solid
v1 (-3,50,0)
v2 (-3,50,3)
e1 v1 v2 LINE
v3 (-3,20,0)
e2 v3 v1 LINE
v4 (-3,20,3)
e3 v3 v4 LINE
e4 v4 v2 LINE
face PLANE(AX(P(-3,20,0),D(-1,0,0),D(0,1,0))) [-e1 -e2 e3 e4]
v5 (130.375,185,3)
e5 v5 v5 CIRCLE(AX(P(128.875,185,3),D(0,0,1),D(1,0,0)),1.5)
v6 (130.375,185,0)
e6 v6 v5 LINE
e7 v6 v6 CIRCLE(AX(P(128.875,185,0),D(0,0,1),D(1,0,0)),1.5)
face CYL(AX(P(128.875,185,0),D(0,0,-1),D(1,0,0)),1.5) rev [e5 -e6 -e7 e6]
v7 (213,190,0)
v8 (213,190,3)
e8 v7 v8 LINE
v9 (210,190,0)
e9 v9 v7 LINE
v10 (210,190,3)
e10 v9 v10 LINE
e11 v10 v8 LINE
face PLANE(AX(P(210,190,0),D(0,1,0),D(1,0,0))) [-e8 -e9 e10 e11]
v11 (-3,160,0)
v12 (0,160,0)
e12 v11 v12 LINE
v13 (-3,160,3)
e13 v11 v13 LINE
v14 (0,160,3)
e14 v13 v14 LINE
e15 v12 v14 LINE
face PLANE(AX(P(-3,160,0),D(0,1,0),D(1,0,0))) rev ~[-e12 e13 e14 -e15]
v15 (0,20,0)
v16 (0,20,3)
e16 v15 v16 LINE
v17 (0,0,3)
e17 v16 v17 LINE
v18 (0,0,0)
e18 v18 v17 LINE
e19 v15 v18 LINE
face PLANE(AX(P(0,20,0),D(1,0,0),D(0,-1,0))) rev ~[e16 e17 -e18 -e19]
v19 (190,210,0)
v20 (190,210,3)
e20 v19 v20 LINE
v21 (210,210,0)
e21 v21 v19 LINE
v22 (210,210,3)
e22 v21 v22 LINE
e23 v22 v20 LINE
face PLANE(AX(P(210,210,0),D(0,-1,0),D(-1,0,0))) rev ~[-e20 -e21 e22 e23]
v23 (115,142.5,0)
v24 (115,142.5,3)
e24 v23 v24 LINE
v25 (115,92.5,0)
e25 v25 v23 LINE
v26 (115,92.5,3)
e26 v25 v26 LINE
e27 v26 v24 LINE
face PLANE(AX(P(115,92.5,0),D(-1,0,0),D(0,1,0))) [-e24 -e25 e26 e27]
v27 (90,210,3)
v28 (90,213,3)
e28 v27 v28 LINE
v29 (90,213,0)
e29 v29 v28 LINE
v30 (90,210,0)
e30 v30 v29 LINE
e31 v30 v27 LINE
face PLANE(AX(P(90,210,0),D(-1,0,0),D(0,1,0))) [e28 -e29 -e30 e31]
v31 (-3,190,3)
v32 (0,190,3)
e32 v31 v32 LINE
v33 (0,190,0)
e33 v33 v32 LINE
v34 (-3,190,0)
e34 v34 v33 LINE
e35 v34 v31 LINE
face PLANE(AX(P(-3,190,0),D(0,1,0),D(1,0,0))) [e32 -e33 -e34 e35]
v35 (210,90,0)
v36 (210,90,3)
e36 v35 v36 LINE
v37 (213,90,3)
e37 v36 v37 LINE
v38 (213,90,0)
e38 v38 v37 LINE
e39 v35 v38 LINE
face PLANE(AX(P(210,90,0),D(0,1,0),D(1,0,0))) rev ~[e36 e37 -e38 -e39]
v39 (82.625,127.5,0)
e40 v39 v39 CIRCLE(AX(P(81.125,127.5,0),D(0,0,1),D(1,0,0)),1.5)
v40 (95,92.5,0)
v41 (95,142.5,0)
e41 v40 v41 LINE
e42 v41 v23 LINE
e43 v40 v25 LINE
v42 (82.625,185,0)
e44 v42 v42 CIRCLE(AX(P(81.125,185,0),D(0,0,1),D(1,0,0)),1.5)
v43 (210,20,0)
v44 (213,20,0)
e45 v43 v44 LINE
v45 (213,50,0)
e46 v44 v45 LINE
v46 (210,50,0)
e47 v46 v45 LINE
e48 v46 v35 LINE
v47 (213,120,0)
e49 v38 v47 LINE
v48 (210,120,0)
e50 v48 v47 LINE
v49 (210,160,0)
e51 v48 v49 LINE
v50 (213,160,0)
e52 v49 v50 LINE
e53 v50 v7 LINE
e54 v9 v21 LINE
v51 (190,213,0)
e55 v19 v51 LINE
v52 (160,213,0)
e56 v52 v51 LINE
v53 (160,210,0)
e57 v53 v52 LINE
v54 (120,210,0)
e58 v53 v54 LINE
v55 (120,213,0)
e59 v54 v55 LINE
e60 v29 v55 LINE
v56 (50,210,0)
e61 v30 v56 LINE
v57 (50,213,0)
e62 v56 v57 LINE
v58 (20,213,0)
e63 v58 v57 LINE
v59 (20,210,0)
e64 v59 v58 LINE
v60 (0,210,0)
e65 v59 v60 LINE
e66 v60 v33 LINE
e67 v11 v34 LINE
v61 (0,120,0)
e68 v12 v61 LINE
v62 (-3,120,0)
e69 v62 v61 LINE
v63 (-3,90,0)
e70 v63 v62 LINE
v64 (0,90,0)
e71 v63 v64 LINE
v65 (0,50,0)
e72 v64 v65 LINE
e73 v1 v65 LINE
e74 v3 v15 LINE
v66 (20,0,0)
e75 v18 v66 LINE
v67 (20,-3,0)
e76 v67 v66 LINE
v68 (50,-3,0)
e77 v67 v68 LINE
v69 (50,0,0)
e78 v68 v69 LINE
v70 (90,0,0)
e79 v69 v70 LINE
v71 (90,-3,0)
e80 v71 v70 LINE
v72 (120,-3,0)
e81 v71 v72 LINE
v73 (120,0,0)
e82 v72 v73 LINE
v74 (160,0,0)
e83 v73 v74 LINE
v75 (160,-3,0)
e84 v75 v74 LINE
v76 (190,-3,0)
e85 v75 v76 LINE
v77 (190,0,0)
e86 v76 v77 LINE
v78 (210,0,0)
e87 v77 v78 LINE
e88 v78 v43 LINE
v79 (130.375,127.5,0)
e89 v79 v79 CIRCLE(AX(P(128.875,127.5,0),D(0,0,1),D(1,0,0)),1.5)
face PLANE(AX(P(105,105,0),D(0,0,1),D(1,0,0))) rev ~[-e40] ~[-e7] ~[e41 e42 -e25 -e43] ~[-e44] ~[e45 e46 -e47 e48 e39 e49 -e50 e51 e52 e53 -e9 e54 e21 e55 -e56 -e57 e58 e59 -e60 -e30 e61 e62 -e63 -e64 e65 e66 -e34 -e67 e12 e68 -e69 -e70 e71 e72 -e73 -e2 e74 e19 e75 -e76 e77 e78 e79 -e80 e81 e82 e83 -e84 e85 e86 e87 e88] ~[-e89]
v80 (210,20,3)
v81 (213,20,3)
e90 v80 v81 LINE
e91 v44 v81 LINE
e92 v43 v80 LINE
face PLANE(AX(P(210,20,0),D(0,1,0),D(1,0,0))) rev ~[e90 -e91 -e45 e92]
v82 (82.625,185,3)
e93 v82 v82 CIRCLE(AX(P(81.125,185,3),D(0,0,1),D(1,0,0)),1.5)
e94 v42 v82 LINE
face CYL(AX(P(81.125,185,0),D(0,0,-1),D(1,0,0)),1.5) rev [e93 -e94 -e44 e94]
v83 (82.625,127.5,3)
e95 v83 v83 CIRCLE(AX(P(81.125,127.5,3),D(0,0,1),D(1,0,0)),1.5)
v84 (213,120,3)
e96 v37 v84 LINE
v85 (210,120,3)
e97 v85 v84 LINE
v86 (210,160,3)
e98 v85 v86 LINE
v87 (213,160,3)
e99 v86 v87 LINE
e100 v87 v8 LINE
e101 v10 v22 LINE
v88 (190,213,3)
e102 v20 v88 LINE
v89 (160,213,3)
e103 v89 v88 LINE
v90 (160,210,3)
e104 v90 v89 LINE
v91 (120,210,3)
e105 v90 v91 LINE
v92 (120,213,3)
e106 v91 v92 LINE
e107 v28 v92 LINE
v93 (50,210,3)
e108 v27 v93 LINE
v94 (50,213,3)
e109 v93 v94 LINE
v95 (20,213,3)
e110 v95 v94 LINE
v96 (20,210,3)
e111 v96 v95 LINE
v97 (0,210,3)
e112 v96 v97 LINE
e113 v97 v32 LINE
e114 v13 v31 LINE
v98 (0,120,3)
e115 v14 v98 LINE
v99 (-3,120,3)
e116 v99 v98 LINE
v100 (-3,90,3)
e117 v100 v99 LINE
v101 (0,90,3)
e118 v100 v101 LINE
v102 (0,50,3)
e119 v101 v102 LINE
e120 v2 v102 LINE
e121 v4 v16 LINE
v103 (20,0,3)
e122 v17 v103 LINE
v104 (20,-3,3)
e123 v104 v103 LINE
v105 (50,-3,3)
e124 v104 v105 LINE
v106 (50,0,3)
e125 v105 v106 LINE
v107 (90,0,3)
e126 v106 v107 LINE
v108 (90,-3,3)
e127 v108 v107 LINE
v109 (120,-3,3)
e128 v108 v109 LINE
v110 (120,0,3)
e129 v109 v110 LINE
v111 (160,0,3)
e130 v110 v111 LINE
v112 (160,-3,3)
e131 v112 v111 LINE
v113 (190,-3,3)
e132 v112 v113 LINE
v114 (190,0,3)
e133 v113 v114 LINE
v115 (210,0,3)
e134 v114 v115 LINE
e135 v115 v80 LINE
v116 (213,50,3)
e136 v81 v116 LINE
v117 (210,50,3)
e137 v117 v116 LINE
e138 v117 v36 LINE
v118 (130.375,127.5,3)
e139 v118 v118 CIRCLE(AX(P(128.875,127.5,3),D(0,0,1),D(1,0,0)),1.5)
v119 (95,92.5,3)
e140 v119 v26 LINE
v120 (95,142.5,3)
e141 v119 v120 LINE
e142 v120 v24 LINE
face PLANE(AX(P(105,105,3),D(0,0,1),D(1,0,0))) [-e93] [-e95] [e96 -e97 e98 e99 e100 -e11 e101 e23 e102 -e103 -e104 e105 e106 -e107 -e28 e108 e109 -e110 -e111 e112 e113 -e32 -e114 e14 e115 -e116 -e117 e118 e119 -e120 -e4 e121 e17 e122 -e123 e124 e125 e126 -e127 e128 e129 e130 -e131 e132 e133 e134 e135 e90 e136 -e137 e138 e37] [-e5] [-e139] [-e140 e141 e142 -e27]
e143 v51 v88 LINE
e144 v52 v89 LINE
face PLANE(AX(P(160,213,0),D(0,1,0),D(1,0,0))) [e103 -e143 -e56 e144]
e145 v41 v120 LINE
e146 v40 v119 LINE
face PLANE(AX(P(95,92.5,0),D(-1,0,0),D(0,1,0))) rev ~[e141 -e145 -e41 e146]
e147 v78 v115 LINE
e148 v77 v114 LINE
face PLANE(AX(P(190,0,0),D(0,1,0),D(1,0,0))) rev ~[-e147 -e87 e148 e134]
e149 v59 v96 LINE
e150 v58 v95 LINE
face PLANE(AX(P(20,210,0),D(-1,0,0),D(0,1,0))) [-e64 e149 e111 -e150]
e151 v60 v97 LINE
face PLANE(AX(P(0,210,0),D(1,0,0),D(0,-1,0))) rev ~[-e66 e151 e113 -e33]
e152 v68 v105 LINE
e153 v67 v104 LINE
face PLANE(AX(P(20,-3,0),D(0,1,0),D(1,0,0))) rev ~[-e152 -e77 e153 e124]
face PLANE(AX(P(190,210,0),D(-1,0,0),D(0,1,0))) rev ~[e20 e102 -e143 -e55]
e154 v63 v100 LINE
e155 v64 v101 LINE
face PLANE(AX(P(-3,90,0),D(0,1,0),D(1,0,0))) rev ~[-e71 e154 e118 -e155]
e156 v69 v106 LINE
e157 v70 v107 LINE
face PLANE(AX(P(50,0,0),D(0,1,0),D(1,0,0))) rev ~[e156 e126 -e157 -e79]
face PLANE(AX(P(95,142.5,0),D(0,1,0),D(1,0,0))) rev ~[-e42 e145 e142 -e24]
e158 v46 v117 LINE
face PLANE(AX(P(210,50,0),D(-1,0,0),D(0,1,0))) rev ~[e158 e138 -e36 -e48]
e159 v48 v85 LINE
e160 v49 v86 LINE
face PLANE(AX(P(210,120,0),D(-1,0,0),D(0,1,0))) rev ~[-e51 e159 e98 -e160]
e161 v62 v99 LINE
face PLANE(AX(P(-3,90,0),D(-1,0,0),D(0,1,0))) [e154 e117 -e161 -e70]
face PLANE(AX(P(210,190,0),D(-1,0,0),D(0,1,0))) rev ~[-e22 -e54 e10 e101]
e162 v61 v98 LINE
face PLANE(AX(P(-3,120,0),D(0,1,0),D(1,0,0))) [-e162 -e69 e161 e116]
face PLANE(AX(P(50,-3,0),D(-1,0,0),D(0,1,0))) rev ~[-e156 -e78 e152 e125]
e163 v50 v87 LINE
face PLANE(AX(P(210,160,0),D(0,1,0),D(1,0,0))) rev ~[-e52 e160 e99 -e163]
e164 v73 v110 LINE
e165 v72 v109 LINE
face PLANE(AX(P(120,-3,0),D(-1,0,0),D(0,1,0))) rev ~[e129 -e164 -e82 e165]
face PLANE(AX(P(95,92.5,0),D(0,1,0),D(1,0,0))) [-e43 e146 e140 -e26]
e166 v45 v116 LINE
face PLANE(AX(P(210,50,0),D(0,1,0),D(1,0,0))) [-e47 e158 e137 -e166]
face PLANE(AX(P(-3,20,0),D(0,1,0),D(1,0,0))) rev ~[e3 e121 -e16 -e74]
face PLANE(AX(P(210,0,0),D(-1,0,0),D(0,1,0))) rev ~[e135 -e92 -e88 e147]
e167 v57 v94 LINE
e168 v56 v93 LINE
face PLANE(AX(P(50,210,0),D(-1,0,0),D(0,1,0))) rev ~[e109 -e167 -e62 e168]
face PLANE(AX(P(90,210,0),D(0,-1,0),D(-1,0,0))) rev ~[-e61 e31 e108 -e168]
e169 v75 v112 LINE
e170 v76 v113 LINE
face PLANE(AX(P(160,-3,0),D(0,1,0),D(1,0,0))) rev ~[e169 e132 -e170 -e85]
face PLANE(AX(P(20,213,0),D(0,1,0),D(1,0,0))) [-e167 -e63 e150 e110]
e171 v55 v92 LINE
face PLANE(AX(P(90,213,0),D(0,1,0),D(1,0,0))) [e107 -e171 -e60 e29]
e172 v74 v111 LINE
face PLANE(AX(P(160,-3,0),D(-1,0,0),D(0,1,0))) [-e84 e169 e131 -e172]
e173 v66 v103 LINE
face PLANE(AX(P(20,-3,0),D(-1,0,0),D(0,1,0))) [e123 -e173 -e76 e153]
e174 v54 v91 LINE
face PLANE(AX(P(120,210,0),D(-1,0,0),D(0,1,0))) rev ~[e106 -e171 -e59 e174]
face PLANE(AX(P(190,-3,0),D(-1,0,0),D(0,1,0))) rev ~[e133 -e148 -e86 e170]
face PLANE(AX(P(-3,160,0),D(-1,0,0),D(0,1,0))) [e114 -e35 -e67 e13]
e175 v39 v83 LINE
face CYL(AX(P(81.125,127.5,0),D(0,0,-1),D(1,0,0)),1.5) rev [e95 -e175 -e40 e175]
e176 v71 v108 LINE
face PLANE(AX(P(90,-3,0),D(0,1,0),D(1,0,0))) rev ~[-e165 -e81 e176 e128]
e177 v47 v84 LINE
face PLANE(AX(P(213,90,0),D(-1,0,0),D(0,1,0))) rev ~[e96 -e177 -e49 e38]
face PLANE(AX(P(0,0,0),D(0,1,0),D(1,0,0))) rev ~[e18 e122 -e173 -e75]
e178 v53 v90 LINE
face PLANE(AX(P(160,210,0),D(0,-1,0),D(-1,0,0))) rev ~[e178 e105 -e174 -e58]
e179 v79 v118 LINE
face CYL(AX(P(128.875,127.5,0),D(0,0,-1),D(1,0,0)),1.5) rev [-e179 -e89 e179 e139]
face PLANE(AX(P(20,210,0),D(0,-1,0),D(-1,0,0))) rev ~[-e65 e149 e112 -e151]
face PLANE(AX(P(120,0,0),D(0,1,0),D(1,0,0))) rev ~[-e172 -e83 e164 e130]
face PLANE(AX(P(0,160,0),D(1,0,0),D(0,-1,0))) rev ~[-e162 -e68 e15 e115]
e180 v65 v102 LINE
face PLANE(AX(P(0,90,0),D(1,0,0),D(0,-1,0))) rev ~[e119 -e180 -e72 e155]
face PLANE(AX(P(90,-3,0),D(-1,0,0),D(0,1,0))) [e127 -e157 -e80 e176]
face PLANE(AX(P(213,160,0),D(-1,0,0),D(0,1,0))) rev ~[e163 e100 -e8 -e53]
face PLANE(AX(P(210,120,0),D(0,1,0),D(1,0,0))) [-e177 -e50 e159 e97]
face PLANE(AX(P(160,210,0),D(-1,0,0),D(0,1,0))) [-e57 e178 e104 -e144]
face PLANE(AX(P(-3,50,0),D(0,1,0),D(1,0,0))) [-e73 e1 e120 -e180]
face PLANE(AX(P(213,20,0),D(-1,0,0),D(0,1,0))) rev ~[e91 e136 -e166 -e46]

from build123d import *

# Parameters (mm, degrees)
F0_R     = 1.5
F0_W     = 20
F0_H     = 50
F0_W_2   = 30
F0_H_2   = 3
F0_W_3   = 3
F0_H_3   = 30
F1_DEPTH = 3


with BuildPart() as f1:
    # F0 (on Top) → F1 (new body)
    with BuildSketch(Plane.XY):
        Polygon((0, 20), (0, 0), (20, 0), (50, 0), (90, 0), (120, 0), (160, 0), (190, 0), (210, 0), (210, 20), (210, 50), (210, 90), (210, 120), (210, 160), (210, 190), (210, 210), (190, 210), (160, 210), (120, 210), (90, 210), (50, 210), (20, 210), (0, 210), (0, 190), (0, 160), (0, 120), (0, 90), (0, 50), align=None)
        with Locations((81.125, 127.5)):
            Circle(F0_R, mode=Mode.SUBTRACT)
        with Locations((81.125, 185)):
            Circle(F0_R, mode=Mode.SUBTRACT)
        with Locations((105, 117.5)):
            Rectangle(F0_W, F0_H, mode=Mode.SUBTRACT)
        with Locations((128.875, 127.5)):
            Circle(F0_R, mode=Mode.SUBTRACT)
        with Locations((128.875, 185)):
            Circle(F0_R, mode=Mode.SUBTRACT)
        with Locations((35, -1.5)):
            Rectangle(F0_W_2, F0_H_2)
        with Locations((-1.5, 35)):
            Rectangle(F0_W_3, F0_H_3)
        with Locations((105, -1.5)):
            Rectangle(F0_W_2, F0_H_2)
        with Locations((-1.5, 105)):
            Rectangle(F0_W_3, F0_H_3)
        with Locations((175, -1.5)):
            Rectangle(F0_W_2, F0_H_2)
        with Locations((-1.5, 175)):
            Rectangle(F0_W_3, F0_H_3)
        with Locations((211.5, 35)):
            Rectangle(F0_W_3, F0_H_3)
        with Locations((35, 211.5)):
            Rectangle(F0_W_2, F0_H_2)
        with Locations((211.5, 105)):
            Rectangle(F0_W_3, F0_H_3)
        with Locations((105, 211.5)):
            Rectangle(F0_W_2, F0_H_2)
        with Locations((211.5, 175)):
            Rectangle(F0_W_3, F0_H_3)
        with Locations((175, 211.5)):
            Rectangle(F0_W_2, F0_H_2)
    extrude(amount=F1_DEPTH)


solid = f1.part
